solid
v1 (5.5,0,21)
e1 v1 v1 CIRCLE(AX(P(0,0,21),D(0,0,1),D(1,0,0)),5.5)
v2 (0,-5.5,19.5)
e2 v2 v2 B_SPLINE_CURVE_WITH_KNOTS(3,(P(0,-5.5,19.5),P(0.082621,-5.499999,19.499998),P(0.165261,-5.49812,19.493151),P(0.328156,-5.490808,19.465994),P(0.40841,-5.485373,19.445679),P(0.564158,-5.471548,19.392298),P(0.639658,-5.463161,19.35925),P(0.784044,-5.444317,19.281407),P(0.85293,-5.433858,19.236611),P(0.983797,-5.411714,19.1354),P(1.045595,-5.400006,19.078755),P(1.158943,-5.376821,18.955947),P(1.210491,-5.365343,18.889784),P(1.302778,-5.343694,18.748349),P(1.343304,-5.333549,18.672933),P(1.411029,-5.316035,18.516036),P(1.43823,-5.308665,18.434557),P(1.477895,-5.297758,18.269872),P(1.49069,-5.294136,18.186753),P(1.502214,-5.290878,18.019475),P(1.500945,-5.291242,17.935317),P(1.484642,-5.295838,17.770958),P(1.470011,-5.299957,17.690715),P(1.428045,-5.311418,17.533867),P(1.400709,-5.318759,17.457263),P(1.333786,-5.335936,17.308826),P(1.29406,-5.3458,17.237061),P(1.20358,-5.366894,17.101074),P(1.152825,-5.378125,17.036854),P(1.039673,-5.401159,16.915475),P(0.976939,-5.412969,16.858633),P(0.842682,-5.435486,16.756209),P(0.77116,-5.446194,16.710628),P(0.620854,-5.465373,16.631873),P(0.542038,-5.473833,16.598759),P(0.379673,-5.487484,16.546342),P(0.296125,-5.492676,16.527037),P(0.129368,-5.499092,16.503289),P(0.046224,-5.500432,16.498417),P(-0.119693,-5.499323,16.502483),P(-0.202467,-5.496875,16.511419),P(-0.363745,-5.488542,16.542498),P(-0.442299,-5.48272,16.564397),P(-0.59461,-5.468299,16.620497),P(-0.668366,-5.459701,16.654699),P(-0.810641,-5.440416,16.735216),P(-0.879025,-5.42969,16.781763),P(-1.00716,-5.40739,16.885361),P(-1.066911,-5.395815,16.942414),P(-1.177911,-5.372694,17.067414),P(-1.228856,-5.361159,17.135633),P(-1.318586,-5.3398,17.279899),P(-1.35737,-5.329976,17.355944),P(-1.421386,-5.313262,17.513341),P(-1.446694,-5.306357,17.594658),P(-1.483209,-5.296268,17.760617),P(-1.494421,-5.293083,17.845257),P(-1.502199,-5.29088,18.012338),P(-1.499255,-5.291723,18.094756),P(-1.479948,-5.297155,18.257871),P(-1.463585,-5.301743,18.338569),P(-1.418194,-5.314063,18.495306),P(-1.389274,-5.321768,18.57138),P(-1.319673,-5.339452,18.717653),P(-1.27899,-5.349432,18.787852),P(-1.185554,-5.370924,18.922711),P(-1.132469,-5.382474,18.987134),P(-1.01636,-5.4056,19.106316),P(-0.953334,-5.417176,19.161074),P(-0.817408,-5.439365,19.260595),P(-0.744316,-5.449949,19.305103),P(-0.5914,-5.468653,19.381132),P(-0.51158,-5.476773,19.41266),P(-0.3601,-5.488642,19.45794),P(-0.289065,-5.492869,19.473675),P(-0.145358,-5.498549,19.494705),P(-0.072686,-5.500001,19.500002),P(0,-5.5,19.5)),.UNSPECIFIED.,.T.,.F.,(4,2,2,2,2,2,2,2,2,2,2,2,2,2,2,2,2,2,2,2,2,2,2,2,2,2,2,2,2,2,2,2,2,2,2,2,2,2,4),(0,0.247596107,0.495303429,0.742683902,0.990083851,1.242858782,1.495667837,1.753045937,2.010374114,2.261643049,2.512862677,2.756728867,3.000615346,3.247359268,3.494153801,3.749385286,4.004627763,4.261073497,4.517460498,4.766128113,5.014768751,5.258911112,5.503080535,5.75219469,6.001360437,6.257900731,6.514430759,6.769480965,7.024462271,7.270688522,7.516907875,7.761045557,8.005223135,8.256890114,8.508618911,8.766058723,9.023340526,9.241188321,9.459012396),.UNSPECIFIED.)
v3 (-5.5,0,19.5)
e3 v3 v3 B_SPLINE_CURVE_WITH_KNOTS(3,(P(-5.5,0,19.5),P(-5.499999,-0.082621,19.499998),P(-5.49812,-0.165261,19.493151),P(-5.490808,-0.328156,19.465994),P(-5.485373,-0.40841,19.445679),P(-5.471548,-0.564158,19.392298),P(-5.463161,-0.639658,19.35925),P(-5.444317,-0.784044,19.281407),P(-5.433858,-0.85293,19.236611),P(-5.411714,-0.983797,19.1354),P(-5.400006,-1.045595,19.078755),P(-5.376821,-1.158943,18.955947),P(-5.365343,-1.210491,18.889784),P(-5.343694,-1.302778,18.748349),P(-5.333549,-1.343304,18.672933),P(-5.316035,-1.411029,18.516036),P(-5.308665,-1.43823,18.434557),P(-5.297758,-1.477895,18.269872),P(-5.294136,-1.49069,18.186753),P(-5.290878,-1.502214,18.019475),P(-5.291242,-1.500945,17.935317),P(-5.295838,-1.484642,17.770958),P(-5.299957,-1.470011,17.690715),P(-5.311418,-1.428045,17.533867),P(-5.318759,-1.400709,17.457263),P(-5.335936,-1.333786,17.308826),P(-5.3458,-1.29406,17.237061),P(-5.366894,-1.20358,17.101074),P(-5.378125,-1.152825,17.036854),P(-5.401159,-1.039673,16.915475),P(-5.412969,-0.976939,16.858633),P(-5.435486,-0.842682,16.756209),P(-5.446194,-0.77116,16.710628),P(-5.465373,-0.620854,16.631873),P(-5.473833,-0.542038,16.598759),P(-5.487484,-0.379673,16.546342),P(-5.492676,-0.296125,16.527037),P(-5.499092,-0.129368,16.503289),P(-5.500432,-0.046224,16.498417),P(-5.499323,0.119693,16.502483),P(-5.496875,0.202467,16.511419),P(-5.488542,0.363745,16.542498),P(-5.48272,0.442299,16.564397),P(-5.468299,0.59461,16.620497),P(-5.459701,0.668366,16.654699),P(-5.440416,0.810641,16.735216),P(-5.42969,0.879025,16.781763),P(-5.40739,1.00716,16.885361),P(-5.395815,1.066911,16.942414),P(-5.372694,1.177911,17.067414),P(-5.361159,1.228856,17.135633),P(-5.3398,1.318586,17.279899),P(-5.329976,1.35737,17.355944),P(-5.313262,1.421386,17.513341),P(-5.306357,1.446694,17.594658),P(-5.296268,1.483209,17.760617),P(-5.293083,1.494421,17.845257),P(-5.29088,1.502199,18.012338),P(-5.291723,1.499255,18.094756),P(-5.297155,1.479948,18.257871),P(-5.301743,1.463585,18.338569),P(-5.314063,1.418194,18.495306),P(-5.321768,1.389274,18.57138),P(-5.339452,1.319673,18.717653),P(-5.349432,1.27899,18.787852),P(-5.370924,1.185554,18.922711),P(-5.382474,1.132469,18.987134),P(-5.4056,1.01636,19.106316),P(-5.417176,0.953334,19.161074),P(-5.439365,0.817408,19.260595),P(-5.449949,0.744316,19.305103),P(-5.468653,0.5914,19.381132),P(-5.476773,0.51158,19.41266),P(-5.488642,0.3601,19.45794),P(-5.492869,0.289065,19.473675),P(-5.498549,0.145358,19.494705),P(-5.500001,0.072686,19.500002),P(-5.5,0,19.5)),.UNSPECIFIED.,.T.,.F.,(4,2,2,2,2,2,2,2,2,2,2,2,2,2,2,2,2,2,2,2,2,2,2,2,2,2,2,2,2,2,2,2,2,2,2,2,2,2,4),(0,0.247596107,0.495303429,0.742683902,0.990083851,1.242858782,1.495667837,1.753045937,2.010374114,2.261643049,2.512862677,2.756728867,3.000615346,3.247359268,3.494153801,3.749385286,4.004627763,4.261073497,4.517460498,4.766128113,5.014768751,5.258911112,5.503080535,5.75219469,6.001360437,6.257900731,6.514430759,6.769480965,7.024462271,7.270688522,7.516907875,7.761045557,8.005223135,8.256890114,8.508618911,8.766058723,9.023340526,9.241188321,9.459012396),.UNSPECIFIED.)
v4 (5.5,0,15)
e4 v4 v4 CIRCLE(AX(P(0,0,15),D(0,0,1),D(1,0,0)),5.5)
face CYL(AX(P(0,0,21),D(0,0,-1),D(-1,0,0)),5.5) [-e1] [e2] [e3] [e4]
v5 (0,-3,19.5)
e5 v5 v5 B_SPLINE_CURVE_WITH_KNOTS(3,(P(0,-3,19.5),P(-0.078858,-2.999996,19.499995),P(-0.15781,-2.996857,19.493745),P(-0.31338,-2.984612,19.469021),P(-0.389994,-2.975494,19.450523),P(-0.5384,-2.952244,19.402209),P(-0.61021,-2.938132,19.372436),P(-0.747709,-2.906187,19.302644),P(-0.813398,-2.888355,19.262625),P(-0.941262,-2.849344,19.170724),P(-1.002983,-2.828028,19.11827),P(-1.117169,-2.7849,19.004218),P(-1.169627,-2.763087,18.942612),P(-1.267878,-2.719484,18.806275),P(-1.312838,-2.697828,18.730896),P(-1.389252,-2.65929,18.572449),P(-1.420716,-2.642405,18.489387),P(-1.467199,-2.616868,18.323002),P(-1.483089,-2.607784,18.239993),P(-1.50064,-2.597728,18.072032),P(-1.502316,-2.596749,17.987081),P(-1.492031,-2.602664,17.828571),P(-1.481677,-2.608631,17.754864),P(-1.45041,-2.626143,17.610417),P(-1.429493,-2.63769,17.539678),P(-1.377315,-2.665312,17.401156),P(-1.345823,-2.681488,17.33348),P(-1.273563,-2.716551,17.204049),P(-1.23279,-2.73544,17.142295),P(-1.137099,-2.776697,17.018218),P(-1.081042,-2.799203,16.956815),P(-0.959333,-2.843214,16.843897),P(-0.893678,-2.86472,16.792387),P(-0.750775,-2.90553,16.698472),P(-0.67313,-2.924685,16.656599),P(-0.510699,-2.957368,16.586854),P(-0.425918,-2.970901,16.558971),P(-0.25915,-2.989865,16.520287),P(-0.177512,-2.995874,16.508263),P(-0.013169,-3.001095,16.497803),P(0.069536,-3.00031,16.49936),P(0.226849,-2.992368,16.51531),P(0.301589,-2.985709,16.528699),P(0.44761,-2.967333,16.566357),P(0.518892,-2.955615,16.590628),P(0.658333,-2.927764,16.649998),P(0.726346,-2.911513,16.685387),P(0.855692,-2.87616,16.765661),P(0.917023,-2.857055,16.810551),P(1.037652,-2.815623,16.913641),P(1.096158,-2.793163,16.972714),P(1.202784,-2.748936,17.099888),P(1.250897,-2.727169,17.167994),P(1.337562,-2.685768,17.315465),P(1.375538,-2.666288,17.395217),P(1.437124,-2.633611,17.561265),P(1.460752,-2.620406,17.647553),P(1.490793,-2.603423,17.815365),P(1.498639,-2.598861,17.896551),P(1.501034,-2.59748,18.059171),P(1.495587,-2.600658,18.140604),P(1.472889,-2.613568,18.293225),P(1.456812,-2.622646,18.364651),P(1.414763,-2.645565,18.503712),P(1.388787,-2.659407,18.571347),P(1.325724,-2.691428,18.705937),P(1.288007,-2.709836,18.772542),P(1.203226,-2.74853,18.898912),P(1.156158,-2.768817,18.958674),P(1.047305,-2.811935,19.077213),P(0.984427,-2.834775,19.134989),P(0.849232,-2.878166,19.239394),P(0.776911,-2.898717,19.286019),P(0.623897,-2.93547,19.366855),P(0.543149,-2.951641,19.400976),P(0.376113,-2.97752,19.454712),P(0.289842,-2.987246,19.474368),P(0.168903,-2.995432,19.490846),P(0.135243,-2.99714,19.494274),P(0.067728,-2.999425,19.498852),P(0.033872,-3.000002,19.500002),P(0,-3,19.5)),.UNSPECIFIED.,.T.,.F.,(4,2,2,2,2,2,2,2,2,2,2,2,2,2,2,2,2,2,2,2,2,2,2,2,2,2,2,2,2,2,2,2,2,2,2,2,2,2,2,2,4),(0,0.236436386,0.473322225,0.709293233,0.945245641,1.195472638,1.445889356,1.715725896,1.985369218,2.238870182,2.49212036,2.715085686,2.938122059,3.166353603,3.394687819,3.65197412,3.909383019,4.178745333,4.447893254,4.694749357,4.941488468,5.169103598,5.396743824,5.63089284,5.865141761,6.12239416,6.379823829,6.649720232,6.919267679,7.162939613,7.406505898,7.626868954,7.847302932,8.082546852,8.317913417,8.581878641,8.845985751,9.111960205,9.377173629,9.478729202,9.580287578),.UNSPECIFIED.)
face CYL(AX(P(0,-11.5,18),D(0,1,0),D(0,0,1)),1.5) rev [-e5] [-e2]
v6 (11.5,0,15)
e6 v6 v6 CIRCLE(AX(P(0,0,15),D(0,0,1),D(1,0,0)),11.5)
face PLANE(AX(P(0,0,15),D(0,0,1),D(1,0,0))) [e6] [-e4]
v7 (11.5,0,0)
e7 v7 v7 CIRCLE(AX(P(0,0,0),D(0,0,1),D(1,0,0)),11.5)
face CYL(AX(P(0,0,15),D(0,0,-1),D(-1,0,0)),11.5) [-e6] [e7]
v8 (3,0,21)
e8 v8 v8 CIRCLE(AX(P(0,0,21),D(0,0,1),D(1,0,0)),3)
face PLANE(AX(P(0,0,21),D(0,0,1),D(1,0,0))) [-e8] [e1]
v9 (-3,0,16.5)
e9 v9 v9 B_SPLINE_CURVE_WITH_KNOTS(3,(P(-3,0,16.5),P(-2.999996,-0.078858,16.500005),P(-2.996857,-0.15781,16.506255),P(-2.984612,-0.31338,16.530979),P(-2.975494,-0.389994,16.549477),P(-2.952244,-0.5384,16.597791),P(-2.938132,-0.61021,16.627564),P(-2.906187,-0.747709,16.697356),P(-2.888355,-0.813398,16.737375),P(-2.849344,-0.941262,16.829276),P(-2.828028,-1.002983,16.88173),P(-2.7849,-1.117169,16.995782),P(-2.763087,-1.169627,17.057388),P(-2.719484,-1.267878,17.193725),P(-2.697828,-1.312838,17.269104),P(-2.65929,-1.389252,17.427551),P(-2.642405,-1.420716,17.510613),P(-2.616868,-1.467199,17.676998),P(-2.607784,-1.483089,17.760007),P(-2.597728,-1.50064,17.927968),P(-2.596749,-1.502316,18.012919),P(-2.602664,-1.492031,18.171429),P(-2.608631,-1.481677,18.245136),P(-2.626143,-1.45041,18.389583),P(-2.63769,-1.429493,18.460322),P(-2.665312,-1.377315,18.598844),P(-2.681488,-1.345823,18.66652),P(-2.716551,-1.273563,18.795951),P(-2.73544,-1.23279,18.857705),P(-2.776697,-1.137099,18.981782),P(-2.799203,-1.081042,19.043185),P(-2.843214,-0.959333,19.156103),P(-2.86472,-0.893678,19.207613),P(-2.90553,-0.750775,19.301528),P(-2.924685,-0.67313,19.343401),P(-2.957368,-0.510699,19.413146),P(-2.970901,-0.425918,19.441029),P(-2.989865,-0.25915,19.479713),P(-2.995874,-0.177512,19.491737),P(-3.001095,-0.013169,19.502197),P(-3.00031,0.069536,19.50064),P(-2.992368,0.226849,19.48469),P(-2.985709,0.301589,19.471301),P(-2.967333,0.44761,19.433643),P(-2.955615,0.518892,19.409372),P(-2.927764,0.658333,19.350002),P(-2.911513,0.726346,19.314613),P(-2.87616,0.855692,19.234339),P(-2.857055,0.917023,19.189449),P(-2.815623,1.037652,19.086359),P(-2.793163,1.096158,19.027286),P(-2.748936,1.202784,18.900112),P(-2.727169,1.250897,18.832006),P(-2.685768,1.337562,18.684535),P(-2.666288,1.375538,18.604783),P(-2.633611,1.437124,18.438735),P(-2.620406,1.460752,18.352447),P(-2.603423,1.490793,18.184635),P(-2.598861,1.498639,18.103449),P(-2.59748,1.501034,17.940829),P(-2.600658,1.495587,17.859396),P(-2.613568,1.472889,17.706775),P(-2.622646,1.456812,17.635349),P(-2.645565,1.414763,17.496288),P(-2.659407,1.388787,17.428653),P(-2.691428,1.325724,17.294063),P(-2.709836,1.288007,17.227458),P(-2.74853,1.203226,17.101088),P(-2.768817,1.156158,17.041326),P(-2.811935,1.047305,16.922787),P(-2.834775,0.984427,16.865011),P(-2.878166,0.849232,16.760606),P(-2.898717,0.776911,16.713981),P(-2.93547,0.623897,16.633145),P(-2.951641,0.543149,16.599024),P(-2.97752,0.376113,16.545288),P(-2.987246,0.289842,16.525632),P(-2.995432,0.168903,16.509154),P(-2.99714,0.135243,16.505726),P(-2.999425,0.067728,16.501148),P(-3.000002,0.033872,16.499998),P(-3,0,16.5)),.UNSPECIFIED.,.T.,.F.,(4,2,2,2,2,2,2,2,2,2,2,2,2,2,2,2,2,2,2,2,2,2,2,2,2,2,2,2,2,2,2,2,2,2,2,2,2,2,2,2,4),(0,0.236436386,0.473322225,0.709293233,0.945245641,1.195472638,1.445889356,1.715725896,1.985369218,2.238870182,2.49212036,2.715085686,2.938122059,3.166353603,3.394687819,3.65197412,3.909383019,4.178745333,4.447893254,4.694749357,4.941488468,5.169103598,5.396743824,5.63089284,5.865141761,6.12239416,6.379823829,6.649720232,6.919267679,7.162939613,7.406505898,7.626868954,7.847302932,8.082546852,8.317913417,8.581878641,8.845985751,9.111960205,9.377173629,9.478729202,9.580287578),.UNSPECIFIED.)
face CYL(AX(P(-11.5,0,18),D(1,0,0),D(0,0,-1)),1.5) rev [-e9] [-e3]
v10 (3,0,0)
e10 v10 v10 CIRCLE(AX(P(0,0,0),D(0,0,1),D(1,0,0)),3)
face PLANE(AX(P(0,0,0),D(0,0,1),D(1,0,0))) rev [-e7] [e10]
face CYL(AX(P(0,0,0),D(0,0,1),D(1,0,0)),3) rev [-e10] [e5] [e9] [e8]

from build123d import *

# Parameters (mm, degrees)
SKETCH1_R           = 11.5
BOSS_EXTRUDE1_DEPTH = 15
SKETCH2_R           = 5.5
BOSS_EXTRUDE2_DEPTH = 6
SKETCH3_R           = 3
CUT_EXTRUDE1_DEPTH  = 27.561249971
SKETCH4_R           = 1.5
CUT_EXTRUDE2_DEPTH  = 27.561249971
SKETCH5_R           = 1.5
CUT_EXTRUDE3_DEPTH  = 27.56125005


with BuildPart() as part:
    # Sketch1 → Boss-Extrude1 (new body)
    with BuildSketch(Plane.XY):
        Circle(SKETCH1_R)
    extrude(amount=BOSS_EXTRUDE1_DEPTH)

    # Sketch2 → Boss-Extrude2 (add)
    with BuildSketch(Plane.XY.offset(15)):
        Circle(SKETCH2_R)
    extrude(amount=BOSS_EXTRUDE2_DEPTH)

    # Sketch3 → Cut-Extrude1 (cut, through all)
    with BuildSketch(Plane.XY.offset(21)):
        Circle(SKETCH3_R)
    extrude(amount=-CUT_EXTRUDE1_DEPTH, mode=Mode.SUBTRACT)

    # Sketch4 → Cut-Extrude2 (cut, through all)
    with BuildSketch(Plane(origin=(0, 0, 0), x_dir=(1, 0, 0), z_dir=(0, 1, 0))):
        with Locations(Location((0, -18, 0), (0, 0, 270))):
            Circle(SKETCH4_R)
    extrude(amount=-CUT_EXTRUDE2_DEPTH, mode=Mode.SUBTRACT)

    # Sketch5 → Cut-Extrude3 (cut, through all)
    with BuildSketch(Plane(origin=(0, 0, 0), x_dir=(0, 0, -1), z_dir=(1, 0, 0))):
        with Locations((-18, 0)):
            Circle(SKETCH5_R)
    extrude(amount=-CUT_EXTRUDE3_DEPTH, mode=Mode.SUBTRACT)


solid = part.part
